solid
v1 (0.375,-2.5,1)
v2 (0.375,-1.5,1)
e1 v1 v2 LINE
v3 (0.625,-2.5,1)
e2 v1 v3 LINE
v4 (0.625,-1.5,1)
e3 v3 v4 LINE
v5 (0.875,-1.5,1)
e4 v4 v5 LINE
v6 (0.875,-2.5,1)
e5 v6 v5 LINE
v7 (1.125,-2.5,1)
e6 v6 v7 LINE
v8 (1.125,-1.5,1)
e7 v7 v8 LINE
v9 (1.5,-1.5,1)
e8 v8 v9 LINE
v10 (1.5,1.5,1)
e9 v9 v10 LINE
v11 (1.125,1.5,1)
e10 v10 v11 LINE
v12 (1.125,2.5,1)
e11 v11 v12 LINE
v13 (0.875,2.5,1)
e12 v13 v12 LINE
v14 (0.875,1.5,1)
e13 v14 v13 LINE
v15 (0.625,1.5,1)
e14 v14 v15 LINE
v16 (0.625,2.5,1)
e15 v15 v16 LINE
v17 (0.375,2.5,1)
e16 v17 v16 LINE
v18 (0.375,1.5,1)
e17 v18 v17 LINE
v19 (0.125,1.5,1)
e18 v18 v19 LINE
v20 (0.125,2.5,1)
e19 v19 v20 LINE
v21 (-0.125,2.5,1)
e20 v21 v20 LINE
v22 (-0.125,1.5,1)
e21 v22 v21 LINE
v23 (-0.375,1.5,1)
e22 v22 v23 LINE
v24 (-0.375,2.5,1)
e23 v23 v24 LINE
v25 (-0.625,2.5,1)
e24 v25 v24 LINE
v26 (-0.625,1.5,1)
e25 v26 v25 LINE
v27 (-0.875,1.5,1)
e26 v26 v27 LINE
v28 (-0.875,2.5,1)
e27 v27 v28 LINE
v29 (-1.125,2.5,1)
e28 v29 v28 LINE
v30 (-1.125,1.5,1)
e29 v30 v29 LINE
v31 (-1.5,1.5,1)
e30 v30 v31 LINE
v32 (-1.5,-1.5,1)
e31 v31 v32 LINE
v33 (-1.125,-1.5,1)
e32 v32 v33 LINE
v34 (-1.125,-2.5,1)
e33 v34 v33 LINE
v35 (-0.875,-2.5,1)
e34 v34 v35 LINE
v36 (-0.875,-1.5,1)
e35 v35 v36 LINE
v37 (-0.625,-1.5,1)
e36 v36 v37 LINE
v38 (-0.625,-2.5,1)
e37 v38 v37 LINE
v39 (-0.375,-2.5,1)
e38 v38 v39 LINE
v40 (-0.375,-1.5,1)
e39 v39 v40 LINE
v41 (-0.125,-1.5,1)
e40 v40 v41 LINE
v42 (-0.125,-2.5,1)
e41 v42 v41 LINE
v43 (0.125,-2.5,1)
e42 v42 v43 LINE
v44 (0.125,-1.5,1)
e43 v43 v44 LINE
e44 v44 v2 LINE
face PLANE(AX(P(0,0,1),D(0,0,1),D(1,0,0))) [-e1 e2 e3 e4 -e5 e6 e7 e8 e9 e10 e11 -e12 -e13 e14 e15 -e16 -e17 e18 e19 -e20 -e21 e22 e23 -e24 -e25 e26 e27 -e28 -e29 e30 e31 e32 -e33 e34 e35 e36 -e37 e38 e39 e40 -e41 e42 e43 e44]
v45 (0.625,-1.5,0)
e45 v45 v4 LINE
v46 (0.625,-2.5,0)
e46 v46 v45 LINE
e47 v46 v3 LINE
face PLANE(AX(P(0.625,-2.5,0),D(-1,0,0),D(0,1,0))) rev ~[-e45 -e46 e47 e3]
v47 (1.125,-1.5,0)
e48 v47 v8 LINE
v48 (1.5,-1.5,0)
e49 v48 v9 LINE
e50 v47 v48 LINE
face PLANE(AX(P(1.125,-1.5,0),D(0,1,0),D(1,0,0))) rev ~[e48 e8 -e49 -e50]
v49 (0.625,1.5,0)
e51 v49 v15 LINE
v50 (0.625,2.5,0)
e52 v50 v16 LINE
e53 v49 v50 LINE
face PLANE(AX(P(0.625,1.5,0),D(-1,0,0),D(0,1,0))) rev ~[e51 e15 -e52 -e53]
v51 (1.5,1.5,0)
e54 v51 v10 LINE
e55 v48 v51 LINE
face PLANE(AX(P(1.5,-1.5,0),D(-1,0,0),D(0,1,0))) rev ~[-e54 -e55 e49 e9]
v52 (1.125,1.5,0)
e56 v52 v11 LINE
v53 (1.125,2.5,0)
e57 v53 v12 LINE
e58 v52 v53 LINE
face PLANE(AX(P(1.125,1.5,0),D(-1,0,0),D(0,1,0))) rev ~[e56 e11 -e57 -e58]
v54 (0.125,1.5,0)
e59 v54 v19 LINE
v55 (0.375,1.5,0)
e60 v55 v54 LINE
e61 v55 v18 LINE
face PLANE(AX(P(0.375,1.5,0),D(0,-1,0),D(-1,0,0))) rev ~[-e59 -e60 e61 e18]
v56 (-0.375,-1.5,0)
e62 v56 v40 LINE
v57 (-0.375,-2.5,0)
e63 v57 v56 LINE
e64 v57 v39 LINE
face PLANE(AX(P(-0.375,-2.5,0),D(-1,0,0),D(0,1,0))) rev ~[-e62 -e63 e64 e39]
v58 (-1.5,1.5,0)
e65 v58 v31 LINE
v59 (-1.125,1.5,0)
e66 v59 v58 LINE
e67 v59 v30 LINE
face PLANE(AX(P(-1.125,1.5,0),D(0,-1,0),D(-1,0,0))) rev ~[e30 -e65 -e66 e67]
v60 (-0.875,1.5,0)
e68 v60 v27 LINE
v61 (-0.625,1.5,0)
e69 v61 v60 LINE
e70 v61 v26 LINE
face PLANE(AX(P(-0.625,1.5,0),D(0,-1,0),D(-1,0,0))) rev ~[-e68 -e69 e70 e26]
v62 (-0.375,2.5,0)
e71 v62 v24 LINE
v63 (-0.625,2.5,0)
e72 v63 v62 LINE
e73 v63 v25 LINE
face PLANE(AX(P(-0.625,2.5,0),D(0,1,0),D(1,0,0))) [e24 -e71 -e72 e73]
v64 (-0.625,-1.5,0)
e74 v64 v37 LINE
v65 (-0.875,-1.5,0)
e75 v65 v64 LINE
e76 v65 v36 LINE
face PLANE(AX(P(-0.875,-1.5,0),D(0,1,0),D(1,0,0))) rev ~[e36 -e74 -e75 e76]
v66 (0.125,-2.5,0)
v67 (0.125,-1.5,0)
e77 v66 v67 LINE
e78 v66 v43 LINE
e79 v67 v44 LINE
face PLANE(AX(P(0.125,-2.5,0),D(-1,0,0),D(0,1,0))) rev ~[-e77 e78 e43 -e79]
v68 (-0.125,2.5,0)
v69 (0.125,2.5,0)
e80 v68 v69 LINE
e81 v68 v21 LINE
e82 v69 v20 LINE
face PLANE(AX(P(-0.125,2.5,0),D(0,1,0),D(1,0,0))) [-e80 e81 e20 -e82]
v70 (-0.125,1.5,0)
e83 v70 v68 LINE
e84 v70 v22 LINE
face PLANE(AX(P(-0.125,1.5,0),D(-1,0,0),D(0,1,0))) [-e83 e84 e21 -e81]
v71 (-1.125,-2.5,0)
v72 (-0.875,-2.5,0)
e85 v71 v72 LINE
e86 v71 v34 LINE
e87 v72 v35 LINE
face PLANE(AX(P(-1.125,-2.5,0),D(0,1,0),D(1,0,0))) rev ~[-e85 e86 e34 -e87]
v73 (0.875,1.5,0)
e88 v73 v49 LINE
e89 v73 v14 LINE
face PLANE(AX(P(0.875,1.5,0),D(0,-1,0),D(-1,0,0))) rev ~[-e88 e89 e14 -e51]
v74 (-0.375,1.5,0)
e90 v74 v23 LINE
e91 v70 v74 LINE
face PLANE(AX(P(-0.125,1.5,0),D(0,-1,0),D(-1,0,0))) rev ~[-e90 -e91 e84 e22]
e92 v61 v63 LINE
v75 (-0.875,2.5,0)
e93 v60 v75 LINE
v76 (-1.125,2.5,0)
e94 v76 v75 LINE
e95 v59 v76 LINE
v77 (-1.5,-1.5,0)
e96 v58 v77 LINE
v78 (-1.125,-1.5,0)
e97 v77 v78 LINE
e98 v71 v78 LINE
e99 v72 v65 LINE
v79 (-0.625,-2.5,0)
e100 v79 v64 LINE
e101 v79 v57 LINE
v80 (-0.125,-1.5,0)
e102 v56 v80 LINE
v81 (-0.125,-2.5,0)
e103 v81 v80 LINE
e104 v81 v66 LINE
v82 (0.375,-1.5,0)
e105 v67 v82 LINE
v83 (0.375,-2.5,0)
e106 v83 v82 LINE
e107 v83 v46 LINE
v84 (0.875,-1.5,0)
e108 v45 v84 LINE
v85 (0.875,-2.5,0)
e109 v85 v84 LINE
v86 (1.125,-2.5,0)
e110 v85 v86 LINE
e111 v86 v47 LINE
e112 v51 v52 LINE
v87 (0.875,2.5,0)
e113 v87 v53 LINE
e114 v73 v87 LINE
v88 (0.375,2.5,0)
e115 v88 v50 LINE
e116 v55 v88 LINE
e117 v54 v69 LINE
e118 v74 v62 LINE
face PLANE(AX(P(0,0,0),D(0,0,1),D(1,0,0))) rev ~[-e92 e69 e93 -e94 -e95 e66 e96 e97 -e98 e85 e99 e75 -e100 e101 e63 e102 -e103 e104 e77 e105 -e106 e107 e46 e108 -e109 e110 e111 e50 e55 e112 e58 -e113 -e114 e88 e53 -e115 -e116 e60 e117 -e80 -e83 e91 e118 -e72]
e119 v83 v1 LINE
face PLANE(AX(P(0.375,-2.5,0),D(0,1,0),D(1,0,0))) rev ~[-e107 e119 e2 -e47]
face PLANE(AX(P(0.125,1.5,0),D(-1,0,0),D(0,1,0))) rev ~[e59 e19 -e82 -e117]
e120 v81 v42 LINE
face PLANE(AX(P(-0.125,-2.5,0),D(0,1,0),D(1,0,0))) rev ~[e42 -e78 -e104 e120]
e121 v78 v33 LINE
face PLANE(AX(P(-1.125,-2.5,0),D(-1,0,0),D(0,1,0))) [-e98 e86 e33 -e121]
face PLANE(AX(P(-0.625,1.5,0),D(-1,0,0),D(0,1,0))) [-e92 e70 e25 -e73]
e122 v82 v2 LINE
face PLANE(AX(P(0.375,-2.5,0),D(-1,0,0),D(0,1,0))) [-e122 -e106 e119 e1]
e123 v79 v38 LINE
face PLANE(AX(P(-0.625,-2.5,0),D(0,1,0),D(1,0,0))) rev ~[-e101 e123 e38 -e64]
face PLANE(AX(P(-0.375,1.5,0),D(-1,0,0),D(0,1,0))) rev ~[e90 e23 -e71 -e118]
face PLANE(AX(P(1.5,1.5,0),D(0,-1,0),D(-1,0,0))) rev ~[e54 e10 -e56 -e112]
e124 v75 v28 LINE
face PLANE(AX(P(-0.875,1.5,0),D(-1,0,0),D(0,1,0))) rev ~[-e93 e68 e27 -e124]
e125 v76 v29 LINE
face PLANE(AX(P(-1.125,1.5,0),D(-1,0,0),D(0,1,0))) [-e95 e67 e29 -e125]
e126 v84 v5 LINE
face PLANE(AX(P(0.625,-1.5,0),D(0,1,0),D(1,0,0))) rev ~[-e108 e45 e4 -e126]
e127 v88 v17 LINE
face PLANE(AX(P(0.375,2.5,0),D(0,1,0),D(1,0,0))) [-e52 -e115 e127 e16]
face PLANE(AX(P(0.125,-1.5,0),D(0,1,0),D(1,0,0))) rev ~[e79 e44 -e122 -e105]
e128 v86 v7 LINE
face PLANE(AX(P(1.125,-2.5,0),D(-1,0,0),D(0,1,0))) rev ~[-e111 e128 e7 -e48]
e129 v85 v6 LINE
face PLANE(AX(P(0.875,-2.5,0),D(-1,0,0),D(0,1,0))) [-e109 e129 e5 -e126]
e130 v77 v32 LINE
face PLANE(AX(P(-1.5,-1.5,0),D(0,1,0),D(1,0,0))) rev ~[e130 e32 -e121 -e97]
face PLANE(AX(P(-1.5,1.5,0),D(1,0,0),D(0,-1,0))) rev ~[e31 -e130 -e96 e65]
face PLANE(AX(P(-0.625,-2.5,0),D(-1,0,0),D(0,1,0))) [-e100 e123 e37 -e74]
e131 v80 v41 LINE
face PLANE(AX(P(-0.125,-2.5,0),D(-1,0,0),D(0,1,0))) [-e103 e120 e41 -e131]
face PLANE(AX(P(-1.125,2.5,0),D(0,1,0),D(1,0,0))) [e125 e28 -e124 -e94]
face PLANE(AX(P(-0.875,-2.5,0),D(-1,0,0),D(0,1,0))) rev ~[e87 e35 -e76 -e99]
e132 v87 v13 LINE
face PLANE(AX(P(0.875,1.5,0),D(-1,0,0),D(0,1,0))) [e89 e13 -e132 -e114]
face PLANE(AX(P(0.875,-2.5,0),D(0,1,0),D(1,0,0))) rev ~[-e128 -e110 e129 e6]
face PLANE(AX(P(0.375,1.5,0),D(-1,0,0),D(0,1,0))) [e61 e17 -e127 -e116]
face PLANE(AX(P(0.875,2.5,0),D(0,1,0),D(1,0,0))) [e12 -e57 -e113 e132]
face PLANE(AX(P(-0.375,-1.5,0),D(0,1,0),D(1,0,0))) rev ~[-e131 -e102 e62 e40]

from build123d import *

# Parameters (mm, degrees)
F0_W     = 0.25
F0_H     = 1
F1_DEPTH = 1


with BuildPart() as f1:
    # F0 (on Top) → F1 (new body)
    with BuildSketch(Plane.XY):
        Polygon((1.5, -1.5), (1.5, 1.5), (1.125, 1.5), (0.875, 1.5), (0.625, 1.5), (0.375, 1.5), (0.125, 1.5), (-0.125, 1.5), (-0.375, 1.5), (-0.625, 1.5), (-0.875, 1.5), (-1.125, 1.5), (-1.5, 1.5), (-1.5, -1.5), (-1.125, -1.5), (-0.875, -1.5), (-0.625, -1.5), (-0.375, -1.5), (-0.125, -1.5), (0.125, -1.5), (0.375, -1.5), (0.625, -1.5), (0.875, -1.5), (1.125, -1.5), align=None)
        with Locations((1, 2)):
            Rectangle(F0_W, F0_H)
        with Locations((1, -2)):
            Rectangle(F0_W, F0_H)
        with Locations((0.5, 2)):
            Rectangle(F0_W, F0_H)
        with Locations((0.5, -2)):
            Rectangle(F0_W, F0_H)
        with Locations((0, 2)):
            Rectangle(F0_W, F0_H)
        with Locations((0, -2)):
            Rectangle(F0_W, F0_H)
        with Locations((-0.5, 2)):
            Rectangle(F0_W, F0_H)
        with Locations((-0.5, -2)):
            Rectangle(F0_W, F0_H)
        with Locations((-1, 2)):
            Rectangle(F0_W, F0_H)
        with Locations((-1, -2)):
            Rectangle(F0_W, F0_H)
    extrude(amount=F1_DEPTH)


solid = f1.part
